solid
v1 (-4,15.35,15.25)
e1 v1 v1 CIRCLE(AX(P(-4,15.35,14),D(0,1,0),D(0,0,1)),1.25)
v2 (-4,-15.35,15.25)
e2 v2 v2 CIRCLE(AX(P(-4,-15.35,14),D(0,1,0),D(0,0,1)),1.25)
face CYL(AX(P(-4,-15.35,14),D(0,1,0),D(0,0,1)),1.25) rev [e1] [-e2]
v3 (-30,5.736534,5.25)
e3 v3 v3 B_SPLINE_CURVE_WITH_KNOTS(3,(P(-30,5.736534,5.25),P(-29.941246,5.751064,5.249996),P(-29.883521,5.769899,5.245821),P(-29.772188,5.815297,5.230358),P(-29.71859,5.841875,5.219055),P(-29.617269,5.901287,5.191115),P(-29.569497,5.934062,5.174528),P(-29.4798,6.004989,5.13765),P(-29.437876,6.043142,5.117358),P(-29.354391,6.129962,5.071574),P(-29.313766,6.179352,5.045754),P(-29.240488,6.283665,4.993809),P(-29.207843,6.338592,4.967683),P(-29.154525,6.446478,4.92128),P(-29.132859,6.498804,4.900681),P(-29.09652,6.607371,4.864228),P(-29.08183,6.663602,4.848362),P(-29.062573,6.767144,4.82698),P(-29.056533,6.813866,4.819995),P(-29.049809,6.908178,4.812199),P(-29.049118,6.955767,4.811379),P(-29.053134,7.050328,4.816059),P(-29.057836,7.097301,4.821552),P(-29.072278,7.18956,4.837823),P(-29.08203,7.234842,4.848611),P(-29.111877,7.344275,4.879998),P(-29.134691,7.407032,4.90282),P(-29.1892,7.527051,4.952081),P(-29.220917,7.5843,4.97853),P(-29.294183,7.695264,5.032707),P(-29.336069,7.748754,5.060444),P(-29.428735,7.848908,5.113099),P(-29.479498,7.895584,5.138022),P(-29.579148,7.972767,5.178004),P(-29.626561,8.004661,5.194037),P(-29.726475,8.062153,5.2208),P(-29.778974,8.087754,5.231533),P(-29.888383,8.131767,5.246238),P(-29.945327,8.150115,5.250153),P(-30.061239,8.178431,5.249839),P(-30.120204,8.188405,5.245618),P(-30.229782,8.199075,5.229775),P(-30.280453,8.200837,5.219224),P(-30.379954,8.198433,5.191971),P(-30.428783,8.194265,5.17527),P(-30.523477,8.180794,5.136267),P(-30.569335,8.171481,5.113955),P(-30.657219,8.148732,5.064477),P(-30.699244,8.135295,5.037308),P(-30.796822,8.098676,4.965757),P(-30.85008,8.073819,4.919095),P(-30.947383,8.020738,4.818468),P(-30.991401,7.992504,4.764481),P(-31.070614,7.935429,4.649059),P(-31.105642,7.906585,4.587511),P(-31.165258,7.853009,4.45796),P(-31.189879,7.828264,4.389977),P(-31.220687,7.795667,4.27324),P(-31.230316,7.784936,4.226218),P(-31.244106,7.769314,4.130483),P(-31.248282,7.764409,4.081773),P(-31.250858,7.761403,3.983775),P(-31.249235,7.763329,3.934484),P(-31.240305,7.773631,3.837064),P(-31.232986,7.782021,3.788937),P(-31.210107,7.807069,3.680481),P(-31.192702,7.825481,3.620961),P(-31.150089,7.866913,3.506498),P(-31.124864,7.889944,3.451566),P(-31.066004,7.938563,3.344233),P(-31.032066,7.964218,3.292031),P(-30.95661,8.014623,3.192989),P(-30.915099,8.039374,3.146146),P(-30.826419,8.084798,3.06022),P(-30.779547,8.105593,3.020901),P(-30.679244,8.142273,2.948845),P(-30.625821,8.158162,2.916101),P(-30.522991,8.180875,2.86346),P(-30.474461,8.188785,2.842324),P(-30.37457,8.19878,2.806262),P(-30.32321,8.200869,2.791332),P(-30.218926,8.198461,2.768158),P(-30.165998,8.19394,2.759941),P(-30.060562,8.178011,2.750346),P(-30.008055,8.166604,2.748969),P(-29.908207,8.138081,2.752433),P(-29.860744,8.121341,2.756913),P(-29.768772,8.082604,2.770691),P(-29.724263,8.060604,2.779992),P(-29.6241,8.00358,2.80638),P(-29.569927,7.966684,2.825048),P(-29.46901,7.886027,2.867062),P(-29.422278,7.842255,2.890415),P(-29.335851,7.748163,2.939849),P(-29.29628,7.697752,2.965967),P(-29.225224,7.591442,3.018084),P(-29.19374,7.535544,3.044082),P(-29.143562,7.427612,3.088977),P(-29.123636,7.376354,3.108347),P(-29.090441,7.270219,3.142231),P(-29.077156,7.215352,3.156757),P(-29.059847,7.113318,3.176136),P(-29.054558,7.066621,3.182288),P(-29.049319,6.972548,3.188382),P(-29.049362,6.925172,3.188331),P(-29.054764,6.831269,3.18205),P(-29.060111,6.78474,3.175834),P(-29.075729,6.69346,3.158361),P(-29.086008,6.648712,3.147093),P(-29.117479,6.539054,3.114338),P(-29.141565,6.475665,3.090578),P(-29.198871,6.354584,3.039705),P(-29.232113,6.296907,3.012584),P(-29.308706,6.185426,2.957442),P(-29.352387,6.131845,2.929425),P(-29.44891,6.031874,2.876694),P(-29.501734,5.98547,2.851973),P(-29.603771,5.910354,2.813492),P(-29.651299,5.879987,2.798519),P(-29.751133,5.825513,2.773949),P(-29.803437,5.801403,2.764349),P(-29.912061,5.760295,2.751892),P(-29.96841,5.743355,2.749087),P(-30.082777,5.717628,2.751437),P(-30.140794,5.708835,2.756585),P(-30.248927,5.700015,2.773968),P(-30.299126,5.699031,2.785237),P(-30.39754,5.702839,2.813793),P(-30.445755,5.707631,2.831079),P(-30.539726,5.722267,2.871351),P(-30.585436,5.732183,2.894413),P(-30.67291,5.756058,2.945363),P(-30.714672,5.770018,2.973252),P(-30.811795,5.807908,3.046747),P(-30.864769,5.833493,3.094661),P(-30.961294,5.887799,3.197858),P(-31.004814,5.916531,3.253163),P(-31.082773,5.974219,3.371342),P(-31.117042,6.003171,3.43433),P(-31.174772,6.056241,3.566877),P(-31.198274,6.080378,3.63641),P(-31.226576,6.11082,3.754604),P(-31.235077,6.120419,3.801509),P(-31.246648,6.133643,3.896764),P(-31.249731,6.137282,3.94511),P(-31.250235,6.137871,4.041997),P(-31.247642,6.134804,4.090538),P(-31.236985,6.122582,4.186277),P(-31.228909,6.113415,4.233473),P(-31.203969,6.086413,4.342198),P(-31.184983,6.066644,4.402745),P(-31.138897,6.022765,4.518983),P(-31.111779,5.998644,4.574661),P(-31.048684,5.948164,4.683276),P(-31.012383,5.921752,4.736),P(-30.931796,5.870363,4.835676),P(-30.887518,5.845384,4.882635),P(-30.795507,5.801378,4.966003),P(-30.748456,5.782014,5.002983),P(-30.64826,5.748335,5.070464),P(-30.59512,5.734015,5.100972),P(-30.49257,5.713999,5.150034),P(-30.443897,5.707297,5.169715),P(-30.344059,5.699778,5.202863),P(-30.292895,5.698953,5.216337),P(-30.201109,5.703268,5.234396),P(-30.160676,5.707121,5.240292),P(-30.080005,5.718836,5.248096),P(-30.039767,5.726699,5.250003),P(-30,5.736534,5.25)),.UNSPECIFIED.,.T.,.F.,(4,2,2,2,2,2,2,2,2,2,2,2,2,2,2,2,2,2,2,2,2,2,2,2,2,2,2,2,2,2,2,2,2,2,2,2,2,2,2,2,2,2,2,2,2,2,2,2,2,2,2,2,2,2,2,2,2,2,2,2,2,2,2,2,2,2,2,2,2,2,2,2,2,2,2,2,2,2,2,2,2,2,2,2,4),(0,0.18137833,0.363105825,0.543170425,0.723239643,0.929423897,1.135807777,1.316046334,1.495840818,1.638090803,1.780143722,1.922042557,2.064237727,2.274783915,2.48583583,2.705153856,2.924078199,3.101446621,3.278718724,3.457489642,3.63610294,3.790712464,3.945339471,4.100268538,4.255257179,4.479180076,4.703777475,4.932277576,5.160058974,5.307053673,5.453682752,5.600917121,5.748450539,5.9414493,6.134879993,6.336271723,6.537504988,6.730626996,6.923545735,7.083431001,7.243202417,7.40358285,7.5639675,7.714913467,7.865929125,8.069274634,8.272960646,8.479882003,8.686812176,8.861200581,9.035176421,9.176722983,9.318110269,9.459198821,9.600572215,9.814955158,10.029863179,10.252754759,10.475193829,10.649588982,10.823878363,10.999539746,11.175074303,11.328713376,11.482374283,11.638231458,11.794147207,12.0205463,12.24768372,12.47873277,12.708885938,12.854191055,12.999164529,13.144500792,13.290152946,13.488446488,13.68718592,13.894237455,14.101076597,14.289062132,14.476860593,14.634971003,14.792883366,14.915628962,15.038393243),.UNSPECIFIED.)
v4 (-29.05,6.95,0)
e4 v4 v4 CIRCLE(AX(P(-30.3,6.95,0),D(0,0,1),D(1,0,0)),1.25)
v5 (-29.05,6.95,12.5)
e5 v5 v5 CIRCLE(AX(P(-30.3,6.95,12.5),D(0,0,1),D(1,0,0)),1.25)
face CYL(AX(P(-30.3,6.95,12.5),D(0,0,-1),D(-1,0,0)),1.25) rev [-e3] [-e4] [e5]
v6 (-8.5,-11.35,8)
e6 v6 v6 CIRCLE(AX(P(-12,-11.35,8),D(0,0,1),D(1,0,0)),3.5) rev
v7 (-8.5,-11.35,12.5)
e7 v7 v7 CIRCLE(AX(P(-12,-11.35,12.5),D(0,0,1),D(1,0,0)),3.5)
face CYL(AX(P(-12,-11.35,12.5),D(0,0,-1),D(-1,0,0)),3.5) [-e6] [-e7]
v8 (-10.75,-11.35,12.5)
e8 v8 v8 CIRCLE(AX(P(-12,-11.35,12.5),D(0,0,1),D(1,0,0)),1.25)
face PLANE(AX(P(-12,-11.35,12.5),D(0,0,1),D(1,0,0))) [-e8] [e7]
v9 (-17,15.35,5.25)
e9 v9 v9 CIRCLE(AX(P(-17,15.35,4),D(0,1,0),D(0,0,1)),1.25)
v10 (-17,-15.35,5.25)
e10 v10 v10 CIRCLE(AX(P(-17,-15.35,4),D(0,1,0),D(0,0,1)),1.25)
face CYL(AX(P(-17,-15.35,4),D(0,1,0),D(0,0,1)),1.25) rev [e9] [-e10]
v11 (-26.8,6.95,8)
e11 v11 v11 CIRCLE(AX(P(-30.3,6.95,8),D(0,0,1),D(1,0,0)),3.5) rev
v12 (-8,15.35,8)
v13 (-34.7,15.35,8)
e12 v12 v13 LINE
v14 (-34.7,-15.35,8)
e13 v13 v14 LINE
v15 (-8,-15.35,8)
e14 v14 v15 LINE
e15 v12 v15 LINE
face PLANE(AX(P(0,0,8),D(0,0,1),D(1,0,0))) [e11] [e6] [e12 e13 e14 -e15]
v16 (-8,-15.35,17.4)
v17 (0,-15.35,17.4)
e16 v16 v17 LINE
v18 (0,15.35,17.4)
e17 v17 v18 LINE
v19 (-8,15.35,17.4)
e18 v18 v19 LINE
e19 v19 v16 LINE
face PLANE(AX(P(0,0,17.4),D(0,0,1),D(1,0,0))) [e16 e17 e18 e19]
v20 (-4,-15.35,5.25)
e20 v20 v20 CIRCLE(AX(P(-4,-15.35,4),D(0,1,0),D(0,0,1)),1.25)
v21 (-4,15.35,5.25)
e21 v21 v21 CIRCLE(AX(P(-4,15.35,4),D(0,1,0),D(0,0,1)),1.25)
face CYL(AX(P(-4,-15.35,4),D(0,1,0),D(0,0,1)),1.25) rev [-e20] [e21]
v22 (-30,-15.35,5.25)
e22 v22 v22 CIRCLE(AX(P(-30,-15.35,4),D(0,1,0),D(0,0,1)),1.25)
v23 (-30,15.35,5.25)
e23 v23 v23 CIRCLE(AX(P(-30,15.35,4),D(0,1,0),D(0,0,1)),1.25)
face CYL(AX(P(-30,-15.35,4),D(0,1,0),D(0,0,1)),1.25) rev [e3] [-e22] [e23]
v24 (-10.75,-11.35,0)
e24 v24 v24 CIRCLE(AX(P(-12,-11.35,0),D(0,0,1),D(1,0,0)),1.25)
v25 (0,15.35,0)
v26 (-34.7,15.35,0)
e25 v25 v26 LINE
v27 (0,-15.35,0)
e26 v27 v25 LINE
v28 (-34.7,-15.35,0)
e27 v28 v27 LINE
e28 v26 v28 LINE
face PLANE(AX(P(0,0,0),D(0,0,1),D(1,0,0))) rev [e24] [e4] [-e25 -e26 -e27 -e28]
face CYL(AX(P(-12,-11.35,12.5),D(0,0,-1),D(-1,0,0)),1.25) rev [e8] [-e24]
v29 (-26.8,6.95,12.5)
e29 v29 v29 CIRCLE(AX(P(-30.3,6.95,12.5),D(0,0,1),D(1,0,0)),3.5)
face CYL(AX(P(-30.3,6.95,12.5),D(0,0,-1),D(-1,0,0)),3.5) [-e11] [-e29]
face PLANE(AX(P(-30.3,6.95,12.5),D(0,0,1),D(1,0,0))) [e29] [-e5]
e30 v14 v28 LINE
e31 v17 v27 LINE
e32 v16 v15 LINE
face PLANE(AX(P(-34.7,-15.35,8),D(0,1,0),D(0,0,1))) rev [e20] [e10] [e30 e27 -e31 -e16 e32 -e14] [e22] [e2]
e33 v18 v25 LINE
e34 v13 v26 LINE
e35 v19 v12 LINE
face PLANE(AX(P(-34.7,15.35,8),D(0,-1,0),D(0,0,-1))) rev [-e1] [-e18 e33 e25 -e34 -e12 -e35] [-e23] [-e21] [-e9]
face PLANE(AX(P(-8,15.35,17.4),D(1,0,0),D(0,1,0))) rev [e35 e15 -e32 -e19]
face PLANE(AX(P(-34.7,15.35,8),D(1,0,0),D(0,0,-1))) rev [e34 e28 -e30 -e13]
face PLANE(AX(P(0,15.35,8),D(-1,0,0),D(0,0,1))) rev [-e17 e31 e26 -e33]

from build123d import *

# Parameters (mm, degrees)
ESQUISSE1_W             = 34.7
ESQUISSE1_H             = 30.7
BOSS_EXTRU_1_DEPTH      = 8
ESQUISSE2_R             = 3.5
ESQUISSE2_R_2           = 1.25
BOSS_EXTRU_2_DEPTH      = 4.5
ESQUISSE3_W             = 8
ESQUISSE3_H             = 30.7
BOSS_EXTRU_3_DEPTH      = 9.4
ESQUISSE4_R             = 1.25
ENL_V_MAT_EXTRU_1_DEPTH = 31.7
ESQUISSE6_R             = 1.25
ENL_V_MAT_EXTRU_2_DEPTH = 9


with BuildPart() as part:
    # Esquisse1 → Boss.-Extru.1 (new body)
    with BuildSketch(Plane.XY):
        with Locations((-17.35, 0)):
            Rectangle(ESQUISSE1_W, ESQUISSE1_H)
    extrude(amount=BOSS_EXTRU_1_DEPTH)

    # Esquisse2 → Boss.-Extru.2 (add, symmetric)
    with BuildSketch(Plane.XY.offset(8)):
        with Locations((-30.3, 6.95)):
            Circle(ESQUISSE2_R)
        with Locations((-30.3, 6.95)):
            Circle(ESQUISSE2_R_2, mode=Mode.SUBTRACT)
        with Locations((-12, -11.35)):
            Circle(ESQUISSE2_R)
        with Locations((-12, -11.35)):
            Circle(ESQUISSE2_R_2, mode=Mode.SUBTRACT)
    extrude(amount=BOSS_EXTRU_2_DEPTH, both=True)

    # Esquisse3 → Boss.-Extru.3 (add)
    with BuildSketch(Plane.XY.offset(8)):
        with Locations((-4, 0)):
            Rectangle(ESQUISSE3_W, ESQUISSE3_H)
    extrude(amount=BOSS_EXTRU_3_DEPTH)

    # Esquisse4 → Enlèv. mat.-Extru.1 (cut, through all)
    with BuildSketch(Plane(origin=(0, 15.35, 0), x_dir=(1, 0, 0), z_dir=(0, 1, 0))):
        with Locations((-4, -14)):
            Circle(ESQUISSE4_R)
        with Locations((-4, -4)):
            Circle(ESQUISSE4_R)
        with Locations((-17, -4)):
            Circle(ESQUISSE4_R)
        with Locations((-30, -4)):
            Circle(ESQUISSE4_R)
    extrude(amount=-ENL_V_MAT_EXTRU_1_DEPTH, mode=Mode.SUBTRACT)

    # Esquisse6 → Enlèv. mat.-Extru.2 (cut, through all)
    with BuildSketch(Plane.XY.offset(8)):
        with Locations((-30.3, 6.95)):
            Circle(ESQUISSE6_R)
        with Locations((-12, -11.35)):
            Circle(ESQUISSE6_R)
    extrude(amount=-ENL_V_MAT_EXTRU_2_DEPTH, mode=Mode.SUBTRACT)


solid = part.part
